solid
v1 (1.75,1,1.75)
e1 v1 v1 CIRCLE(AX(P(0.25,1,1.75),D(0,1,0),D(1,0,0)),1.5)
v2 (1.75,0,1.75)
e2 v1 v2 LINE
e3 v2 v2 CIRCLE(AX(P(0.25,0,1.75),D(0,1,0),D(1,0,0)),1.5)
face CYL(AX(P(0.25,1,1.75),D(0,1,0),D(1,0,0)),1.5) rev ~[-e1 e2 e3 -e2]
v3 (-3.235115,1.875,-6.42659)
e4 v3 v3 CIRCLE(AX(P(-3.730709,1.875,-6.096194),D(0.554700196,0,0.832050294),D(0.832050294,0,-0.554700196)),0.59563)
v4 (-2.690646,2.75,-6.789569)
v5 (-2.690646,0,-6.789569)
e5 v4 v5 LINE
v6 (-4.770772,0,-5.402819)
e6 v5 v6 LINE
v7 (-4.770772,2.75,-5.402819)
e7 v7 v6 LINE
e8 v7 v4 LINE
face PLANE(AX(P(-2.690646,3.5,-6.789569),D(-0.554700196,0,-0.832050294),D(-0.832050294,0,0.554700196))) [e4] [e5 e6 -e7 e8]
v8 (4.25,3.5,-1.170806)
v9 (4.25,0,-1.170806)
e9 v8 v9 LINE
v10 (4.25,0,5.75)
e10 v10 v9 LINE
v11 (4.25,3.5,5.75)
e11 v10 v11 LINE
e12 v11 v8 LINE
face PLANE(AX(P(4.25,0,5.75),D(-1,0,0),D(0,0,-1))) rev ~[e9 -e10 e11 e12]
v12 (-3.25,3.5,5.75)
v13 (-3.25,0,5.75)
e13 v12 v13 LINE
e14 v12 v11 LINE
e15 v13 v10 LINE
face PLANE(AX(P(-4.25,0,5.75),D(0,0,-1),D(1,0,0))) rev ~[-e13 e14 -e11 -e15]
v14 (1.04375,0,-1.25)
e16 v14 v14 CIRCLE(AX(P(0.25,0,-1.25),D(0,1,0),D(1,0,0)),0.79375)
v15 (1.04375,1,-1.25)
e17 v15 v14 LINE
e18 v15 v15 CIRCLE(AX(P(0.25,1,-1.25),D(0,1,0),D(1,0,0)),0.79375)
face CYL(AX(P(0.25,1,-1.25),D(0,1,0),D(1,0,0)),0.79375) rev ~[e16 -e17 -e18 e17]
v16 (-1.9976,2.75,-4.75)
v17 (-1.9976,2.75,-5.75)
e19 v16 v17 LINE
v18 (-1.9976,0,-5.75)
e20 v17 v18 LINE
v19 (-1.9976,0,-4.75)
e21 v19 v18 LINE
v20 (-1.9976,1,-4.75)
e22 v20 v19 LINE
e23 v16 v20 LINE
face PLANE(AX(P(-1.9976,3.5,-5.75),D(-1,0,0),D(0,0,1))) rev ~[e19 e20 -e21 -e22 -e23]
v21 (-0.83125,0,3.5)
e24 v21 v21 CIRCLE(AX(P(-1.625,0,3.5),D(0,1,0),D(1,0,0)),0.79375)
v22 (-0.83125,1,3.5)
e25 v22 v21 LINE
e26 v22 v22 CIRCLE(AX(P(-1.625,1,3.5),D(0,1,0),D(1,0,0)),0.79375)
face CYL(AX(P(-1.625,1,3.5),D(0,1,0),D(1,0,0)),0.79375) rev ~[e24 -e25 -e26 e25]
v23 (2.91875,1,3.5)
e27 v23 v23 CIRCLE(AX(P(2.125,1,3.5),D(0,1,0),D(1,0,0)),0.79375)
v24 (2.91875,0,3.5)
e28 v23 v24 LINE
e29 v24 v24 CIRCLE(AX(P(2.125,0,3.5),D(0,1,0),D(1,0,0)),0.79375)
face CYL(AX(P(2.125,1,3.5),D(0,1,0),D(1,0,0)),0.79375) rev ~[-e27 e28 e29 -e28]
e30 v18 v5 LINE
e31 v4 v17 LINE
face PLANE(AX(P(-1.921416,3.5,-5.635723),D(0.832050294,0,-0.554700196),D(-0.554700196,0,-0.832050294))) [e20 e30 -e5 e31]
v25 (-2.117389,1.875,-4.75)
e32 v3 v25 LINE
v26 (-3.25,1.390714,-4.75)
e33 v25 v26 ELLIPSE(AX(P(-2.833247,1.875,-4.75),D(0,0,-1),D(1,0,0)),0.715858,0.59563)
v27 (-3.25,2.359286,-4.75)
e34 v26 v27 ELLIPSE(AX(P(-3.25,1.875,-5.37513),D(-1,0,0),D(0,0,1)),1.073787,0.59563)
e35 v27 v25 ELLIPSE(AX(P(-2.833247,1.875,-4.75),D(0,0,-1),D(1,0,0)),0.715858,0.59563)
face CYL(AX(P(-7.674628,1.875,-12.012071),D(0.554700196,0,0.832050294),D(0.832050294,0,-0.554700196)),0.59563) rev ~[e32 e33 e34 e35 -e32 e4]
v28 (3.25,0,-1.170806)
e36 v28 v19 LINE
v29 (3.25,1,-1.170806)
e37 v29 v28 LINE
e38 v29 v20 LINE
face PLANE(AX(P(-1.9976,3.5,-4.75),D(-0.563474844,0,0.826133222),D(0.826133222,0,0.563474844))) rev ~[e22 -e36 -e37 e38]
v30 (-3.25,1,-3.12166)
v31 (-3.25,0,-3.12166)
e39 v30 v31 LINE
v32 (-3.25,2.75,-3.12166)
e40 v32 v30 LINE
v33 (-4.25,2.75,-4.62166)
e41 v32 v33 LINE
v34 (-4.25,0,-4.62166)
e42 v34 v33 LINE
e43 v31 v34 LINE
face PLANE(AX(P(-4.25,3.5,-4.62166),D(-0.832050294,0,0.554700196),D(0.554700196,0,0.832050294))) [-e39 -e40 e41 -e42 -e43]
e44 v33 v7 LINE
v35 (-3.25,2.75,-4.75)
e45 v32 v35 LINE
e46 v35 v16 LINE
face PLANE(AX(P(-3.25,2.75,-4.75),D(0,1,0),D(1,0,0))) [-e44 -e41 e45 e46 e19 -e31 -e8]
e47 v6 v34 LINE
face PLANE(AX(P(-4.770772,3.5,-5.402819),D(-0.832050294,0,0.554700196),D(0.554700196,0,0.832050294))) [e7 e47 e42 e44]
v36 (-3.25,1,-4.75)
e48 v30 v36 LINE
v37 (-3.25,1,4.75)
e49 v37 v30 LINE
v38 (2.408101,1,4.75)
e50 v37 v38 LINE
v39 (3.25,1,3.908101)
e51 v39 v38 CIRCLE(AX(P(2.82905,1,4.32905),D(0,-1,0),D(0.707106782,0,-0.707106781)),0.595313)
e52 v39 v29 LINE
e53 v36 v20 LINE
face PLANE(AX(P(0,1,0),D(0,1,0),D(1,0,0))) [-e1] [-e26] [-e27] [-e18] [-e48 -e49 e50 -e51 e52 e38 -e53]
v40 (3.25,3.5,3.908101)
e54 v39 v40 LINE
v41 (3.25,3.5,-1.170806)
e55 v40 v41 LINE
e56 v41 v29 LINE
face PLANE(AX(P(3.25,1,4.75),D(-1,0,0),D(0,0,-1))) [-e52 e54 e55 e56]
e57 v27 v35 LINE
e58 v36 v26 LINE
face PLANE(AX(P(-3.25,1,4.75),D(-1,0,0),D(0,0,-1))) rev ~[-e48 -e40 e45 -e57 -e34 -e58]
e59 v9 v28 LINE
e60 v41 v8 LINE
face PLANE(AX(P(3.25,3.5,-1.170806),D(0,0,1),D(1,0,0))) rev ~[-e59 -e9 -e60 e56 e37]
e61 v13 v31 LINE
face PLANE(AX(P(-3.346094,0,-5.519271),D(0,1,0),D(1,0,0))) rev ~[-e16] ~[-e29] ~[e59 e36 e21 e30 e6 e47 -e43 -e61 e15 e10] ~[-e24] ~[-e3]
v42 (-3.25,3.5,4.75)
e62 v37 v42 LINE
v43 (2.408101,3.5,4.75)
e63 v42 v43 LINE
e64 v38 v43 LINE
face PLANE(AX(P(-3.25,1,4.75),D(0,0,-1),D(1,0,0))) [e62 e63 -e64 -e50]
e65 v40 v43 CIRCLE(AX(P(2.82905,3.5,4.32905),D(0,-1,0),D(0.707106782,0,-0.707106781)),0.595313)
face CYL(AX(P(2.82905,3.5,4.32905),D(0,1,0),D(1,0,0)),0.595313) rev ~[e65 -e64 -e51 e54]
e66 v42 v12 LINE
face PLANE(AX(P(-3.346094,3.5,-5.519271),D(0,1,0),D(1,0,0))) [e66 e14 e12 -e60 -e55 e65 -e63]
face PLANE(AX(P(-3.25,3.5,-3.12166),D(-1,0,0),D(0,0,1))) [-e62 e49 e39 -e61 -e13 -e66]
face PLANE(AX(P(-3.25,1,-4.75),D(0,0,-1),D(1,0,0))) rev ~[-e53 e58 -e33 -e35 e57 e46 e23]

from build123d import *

# Parameters (mm, degrees)
SKETCH1_W                     = 8.5
SKETCH1_H                     = 11.5
BOSS_EXTRUDE1_DEPTH           = 3.5
CUT_EXTRUDE1_START            = -2.5
SKETCH2_W                     = 6.5
SKETCH2_H                     = 9.5
CUT_EXTRUDE1_DEPTH            = 2.5
SKETCH3_R                     = 1.5
CUT_EXTRUDE2_DEPTH            = 2
SKETCH6_R                     = 0.5953125
CUT_EXTRUDE5_DEPTH            = 2.5
SKETCH7_R                     = 0.79375
CUT_EXTRUDE6_DEPTH            = 2
BOSS_EXTRUDE2_DEPTH           = 3.5
SKETCH14_W                    = 5.965258944
SKETCH14_H                    = 5.132960456
CUT_EXTRUDE8_DEPTH            = 0.75
TAP_DRILL_FOR_0_80_TAP1_D     = 1.19126
TAP_DRILL_FOR_0_80_TAP1_DEPTH = 7.11
TAP_DRILL_FOR_0_80_TAP1_TIP   = 0.357890611
CUT_EXTRUDE7_REACH            = 5.5


with BuildPart() as part:
    # Sketch1 → Boss-Extrude1 (new body)
    with BuildSketch(Plane(origin=(0, 0, 0), x_dir=(1, 0, 0), z_dir=(0, 1, 0))):
        Rectangle(SKETCH1_W, SKETCH1_H)
    extrude(amount=BOSS_EXTRUDE1_DEPTH)

    # Sketch2 → Cut-Extrude1 (cut)
    with BuildSketch(Plane(origin=(0, 3.5, 0), x_dir=(1, 0, 0), z_dir=(0, 1, 0)).offset(CUT_EXTRUDE1_START)):
        Rectangle(SKETCH2_W, SKETCH2_H)
    extrude(amount=CUT_EXTRUDE1_DEPTH, mode=Mode.SUBTRACT)

    # Sketch3 → Cut-Extrude2 (cut, through all)
    with BuildSketch(Plane(origin=(0, 1, 0), x_dir=(1, 0, 0), z_dir=(0, 1, 0))):
        with Locations((0.25, -1.75)):
            Circle(SKETCH3_R)
    extrude(amount=-CUT_EXTRUDE2_DEPTH, mode=Mode.SUBTRACT)

    # Sketch6 → Cut-Extrude5 (cut)
    with BuildSketch(Plane(origin=(0, 3.5, 0), x_dir=(1, 0, 0), z_dir=(0, 1, 0))):
        with Locations((2.829050494, -4.329050494)):
            Circle(SKETCH6_R)
    extrude(amount=-CUT_EXTRUDE5_DEPTH, mode=Mode.SUBTRACT)

    # Sketch7 → Cut-Extrude6 (cut, through all)
    with BuildSketch(Plane(origin=(0, 1, 0), x_dir=(1, 0, 0), z_dir=(0, 1, 0))):
        with Locations((0.25, 1.25)):
            Circle(SKETCH7_R)
        with Locations((-1.625, -3.5)):
            Circle(SKETCH7_R)
        with Locations((2.125, -3.5)):
            Circle(SKETCH7_R)
    extrude(amount=-CUT_EXTRUDE6_DEPTH, mode=Mode.SUBTRACT)

    # Sketch9 → Boss-Extrude2 (add)
    with BuildSketch(Plane(origin=(0, 3.5, 0), x_dir=(1, 0, 0), z_dir=(0, 1, 0))):
        Polygon((-2.69064642, 6.789569053), (-4.770772156, 5.402818562), (-4.001541387, 4.248972409), (-3.411634369, 4.642243754), (-2.511322669, 5.242451554), (-1.921415651, 5.635722899), align=None)
    extrude(amount=-BOSS_EXTRUDE2_DEPTH)

    # Sketch14 → Cut-Extrude8 (cut)
    with BuildSketch(Plane(origin=(0, 3.5, 0), x_dir=(1, 0, 0), z_dir=(0, 1, 0))):
        with Locations((-3.25, 4.75)):
            Rectangle(SKETCH14_W, SKETCH14_H)
    extrude(amount=-CUT_EXTRUDE8_DEPTH, mode=Mode.SUBTRACT)

    # Tap Drill for #0-80 Tap1
    with Locations(Plane(origin=(-3.961538462, 0, -5.942307692), x_dir=(-0.832050294, 0, 0.554700196), z_dir=(-0.554700196, 0, -0.832050294))):
        with Locations((-0.27742214, 1.875)):
            Hole(TAP_DRILL_FOR_0_80_TAP1_D / 2, depth=TAP_DRILL_FOR_0_80_TAP1_DEPTH)
            with Locations((0, 0, -(TAP_DRILL_FOR_0_80_TAP1_DEPTH + TAP_DRILL_FOR_0_80_TAP1_TIP / 2))):  # 118° drill point
                Cone(0, TAP_DRILL_FOR_0_80_TAP1_D / 2, TAP_DRILL_FOR_0_80_TAP1_TIP, mode=Mode.SUBTRACT)

    # Sketch13 → Cut-Extrude7 (cut, up to next)
    with BuildSketch(Plane(origin=(0, 3.5, 0), x_dir=(1, 0, 0), z_dir=(0, 1, 0)), mode=Mode.PRIVATE) as cut_extrude7_sk1:
        Polygon((-1.997600385, 5.75), (-1.997600385, 4.75), (3.25, 1.170806318), (4.25, 1.170806318), (4.25, 5.75), align=None)
    cut_extrude7_tool1 = extrude(cut_extrude7_sk1.sketch, amount=-CUT_EXTRUDE7_REACH, mode=Mode.PRIVATE) & part.part
    add(cut_extrude7_tool1.solids().sort_by_distance((1.797917, 3.5, -3.996239))[0], mode=Mode.SUBTRACT)
    # Sketch13 → Cut-Extrude7 (cut, up to next)
    with BuildSketch(Plane(origin=(0, 3.5, 0), x_dir=(1, 0, 0), z_dir=(0, 1, 0)), mode=Mode.PRIVATE) as cut_extrude7_sk2:
        Polygon((-4.25, 4.621660328), (-3.25, 3.121660328), (-3.25, -5.75), (-4.25, -5.75), align=None)
    cut_extrude7_tool2 = extrude(cut_extrude7_sk2.sketch, amount=-CUT_EXTRUDE7_REACH, mode=Mode.PRIVATE) & part.part
    add(cut_extrude7_tool2.solids().sort_by_distance((-3.762992, 3.5, 0.929426))[0], mode=Mode.SUBTRACT)


solid = part.part
